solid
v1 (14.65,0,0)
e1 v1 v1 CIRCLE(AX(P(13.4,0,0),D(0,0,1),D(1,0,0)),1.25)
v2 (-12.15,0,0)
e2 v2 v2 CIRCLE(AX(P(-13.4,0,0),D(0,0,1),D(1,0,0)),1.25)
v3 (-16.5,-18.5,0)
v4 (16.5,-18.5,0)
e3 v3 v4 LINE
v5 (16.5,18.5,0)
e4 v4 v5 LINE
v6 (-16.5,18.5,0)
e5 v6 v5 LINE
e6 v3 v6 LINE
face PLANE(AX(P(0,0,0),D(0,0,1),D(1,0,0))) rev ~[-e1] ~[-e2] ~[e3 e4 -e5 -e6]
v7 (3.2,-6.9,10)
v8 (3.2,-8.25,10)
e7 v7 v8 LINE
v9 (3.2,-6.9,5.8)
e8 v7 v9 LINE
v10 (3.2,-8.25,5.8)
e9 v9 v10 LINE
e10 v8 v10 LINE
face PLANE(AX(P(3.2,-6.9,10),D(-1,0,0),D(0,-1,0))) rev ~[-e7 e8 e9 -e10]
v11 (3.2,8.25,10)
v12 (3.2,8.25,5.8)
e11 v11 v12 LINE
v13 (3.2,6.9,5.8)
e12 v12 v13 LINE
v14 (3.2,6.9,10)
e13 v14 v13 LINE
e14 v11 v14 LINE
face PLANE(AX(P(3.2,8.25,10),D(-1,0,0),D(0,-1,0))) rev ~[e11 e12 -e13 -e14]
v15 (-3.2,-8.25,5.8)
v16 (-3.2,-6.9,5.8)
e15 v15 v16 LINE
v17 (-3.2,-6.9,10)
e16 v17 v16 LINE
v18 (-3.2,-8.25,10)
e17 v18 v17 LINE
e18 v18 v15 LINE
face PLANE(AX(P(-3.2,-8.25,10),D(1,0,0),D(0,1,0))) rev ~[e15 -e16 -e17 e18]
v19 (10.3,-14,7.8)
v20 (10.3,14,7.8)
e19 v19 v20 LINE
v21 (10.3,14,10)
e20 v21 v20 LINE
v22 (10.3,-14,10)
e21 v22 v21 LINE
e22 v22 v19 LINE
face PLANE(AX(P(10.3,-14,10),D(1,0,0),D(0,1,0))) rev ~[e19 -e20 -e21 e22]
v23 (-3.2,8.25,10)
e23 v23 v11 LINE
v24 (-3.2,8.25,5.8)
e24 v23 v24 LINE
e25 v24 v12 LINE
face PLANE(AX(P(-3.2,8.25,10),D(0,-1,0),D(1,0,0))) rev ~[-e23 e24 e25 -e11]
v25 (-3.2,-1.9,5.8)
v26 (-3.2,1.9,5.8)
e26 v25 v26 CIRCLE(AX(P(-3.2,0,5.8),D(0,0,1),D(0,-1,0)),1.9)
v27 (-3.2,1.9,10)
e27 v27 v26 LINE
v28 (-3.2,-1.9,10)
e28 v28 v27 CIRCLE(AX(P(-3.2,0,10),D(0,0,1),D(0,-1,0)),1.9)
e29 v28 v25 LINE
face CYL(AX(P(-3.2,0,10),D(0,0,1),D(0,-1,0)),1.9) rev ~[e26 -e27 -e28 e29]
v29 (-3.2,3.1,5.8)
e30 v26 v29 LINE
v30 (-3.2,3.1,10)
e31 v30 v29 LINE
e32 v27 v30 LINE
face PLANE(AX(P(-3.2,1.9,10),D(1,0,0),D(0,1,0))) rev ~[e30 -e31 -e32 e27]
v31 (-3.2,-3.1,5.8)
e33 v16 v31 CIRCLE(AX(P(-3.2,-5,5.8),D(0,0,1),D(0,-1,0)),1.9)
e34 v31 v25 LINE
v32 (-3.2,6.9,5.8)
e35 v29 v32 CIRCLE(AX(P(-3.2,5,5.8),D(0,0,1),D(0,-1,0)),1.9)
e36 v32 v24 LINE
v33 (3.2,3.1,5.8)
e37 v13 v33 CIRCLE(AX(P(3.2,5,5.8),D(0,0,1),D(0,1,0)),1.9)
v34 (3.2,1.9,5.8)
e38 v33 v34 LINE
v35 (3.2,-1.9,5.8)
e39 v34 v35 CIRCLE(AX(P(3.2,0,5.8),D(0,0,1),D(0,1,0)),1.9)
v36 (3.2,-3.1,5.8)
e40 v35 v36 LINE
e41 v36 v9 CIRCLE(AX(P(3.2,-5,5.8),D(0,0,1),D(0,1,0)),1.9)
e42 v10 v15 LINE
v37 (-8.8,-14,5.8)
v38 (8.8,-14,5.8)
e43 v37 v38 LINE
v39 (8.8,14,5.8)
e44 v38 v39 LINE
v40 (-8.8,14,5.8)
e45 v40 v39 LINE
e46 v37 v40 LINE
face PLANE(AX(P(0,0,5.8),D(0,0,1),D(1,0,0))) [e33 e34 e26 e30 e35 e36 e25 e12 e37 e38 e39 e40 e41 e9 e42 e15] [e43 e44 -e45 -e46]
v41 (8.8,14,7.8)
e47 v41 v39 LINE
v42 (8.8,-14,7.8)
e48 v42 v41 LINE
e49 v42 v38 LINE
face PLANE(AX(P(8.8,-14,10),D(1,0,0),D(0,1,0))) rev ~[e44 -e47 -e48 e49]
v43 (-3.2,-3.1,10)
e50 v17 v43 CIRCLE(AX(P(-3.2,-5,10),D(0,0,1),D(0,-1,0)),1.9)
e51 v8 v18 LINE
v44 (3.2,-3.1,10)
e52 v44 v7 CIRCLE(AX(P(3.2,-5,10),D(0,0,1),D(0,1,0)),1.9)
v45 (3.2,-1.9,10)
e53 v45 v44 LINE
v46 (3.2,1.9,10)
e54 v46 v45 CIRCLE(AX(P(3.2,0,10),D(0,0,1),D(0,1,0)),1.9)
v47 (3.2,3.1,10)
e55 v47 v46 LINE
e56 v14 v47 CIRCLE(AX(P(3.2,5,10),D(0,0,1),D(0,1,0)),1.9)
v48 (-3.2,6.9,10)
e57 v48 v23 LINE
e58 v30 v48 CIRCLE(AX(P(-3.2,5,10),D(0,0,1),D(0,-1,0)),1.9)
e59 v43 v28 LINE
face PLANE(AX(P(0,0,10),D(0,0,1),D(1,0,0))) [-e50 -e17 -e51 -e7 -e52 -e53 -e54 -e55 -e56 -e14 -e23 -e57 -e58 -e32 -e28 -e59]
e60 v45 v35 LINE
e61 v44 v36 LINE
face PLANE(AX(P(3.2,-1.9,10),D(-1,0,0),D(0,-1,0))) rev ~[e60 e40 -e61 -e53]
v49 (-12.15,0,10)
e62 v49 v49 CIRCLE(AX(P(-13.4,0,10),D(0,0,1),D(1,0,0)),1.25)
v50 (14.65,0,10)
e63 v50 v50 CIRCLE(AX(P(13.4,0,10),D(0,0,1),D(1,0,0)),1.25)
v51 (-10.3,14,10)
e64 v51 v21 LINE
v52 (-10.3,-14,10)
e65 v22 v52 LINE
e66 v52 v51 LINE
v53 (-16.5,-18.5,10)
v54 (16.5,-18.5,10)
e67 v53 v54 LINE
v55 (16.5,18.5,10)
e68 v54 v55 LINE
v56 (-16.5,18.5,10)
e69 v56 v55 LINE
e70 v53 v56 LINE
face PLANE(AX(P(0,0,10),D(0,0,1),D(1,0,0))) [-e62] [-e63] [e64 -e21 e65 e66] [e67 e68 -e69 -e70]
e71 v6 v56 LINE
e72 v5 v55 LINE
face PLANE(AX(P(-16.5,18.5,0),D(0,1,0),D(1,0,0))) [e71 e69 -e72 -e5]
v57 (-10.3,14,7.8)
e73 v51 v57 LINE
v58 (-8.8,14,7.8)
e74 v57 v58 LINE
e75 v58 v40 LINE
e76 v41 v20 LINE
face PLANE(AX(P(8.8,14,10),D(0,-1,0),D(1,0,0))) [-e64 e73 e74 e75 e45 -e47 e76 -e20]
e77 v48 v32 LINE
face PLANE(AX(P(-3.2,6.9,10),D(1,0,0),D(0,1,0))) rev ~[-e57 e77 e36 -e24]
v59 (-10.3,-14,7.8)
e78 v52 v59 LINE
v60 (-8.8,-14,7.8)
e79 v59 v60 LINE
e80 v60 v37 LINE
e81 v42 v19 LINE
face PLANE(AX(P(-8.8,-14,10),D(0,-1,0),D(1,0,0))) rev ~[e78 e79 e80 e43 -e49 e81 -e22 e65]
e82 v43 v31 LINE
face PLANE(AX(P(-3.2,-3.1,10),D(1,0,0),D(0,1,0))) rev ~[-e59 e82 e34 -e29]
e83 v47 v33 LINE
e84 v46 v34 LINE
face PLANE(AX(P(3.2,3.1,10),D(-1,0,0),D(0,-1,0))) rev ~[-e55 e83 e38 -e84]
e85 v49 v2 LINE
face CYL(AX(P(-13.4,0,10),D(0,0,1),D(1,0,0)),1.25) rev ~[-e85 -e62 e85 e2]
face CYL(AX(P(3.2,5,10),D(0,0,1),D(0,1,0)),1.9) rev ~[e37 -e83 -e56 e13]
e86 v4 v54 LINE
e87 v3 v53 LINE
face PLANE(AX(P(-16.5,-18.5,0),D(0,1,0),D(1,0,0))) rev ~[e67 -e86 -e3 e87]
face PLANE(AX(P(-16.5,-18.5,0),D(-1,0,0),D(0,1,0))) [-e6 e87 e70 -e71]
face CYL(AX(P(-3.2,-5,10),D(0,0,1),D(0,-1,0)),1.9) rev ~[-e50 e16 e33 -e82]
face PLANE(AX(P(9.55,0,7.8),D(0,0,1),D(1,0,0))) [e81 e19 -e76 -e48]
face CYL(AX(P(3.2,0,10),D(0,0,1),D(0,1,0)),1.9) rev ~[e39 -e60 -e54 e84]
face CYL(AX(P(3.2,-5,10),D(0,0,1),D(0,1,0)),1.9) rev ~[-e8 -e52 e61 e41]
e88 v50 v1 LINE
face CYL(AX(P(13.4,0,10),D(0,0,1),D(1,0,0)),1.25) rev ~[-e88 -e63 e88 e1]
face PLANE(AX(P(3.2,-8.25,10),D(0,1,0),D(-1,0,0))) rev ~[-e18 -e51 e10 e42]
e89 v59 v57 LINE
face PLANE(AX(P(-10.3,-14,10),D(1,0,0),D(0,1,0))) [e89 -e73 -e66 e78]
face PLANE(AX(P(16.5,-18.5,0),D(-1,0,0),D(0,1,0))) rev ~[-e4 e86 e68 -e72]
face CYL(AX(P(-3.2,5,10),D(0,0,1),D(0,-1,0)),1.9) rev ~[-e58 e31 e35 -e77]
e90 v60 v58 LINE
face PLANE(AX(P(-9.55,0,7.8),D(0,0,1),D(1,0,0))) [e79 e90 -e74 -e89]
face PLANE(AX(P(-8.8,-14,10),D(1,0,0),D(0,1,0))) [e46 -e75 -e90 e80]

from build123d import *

# Parameters (mm, degrees)
F0_W     = 33
F0_H     = 37
F1_DEPTH = 10
F2_W     = 17.6
F2_H     = 28
F3_DEPTH = 4.2
F4_W     = 1.5
F4_H     = 28
F5_DEPTH = 2.2
F6_R     = 1.25
F7_DEPTH = 10.001


with BuildPart() as f1:
    # F0 (on Top) → F1 (new body)
    with BuildSketch(Plane.XY):
        Rectangle(F0_W, F0_H)
    extrude(amount=F1_DEPTH)

    # F2 (on face) → F3 (cut)
    with BuildSketch(Plane.XY.offset(10)):
        Rectangle(F2_W, F2_H)
        with BuildLine():
            Line((3.2, -6.9), (3.2, -8.25))
            Line((3.2, -8.25), (-3.2, -8.25))
            Line((-3.2, -8.25), (-3.2, -6.9))
            ThreePointArc((-3.2, -6.9), (-1.3, -5), (-3.2, -3.1))
            Line((-3.2, -3.1), (-3.2, -1.9))
            ThreePointArc((-3.2, -1.9), (-1.3, 0), (-3.2, 1.9))
            Line((-3.2, 1.9), (-3.2, 3.1))
            ThreePointArc((-3.2, 3.1), (-1.3, 5), (-3.2, 6.9))
            Line((-3.2, 6.9), (-3.2, 8.25))
            Line((-3.2, 8.25), (3.2, 8.25))
            Line((3.2, 8.25), (3.2, 6.9))
            ThreePointArc((3.2, 6.9), (1.3, 5), (3.2, 3.1))
            Line((3.2, 3.1), (3.2, 1.9))
            ThreePointArc((3.2, 1.9), (1.3, 0), (3.2, -1.9))
            Line((3.2, -1.9), (3.2, -3.1))
            ThreePointArc((3.2, -3.1), (1.3, -5), (3.2, -6.9))
        make_face(mode=Mode.SUBTRACT)
    extrude(amount=-F3_DEPTH, mode=Mode.SUBTRACT)

    # F4 (on face) → F5 (cut)
    with BuildSketch(Plane.XY.offset(10)):
        with Locations((-9.55, 0)):
            Rectangle(F4_W, F4_H)
        with Locations((9.55, 0)):
            Rectangle(F4_W, F4_H)
    extrude(amount=-F5_DEPTH, mode=Mode.SUBTRACT)

    # F6 (on face) → F7 (cut, through all)
    with BuildSketch(Plane.XY.offset(10)):
        with Locations((13.4, 0)):
            Circle(F6_R)
        with Locations((-13.4, 0)):
            Circle(F6_R)
    extrude(amount=-F7_DEPTH, mode=Mode.SUBTRACT)


solid = f1.part
